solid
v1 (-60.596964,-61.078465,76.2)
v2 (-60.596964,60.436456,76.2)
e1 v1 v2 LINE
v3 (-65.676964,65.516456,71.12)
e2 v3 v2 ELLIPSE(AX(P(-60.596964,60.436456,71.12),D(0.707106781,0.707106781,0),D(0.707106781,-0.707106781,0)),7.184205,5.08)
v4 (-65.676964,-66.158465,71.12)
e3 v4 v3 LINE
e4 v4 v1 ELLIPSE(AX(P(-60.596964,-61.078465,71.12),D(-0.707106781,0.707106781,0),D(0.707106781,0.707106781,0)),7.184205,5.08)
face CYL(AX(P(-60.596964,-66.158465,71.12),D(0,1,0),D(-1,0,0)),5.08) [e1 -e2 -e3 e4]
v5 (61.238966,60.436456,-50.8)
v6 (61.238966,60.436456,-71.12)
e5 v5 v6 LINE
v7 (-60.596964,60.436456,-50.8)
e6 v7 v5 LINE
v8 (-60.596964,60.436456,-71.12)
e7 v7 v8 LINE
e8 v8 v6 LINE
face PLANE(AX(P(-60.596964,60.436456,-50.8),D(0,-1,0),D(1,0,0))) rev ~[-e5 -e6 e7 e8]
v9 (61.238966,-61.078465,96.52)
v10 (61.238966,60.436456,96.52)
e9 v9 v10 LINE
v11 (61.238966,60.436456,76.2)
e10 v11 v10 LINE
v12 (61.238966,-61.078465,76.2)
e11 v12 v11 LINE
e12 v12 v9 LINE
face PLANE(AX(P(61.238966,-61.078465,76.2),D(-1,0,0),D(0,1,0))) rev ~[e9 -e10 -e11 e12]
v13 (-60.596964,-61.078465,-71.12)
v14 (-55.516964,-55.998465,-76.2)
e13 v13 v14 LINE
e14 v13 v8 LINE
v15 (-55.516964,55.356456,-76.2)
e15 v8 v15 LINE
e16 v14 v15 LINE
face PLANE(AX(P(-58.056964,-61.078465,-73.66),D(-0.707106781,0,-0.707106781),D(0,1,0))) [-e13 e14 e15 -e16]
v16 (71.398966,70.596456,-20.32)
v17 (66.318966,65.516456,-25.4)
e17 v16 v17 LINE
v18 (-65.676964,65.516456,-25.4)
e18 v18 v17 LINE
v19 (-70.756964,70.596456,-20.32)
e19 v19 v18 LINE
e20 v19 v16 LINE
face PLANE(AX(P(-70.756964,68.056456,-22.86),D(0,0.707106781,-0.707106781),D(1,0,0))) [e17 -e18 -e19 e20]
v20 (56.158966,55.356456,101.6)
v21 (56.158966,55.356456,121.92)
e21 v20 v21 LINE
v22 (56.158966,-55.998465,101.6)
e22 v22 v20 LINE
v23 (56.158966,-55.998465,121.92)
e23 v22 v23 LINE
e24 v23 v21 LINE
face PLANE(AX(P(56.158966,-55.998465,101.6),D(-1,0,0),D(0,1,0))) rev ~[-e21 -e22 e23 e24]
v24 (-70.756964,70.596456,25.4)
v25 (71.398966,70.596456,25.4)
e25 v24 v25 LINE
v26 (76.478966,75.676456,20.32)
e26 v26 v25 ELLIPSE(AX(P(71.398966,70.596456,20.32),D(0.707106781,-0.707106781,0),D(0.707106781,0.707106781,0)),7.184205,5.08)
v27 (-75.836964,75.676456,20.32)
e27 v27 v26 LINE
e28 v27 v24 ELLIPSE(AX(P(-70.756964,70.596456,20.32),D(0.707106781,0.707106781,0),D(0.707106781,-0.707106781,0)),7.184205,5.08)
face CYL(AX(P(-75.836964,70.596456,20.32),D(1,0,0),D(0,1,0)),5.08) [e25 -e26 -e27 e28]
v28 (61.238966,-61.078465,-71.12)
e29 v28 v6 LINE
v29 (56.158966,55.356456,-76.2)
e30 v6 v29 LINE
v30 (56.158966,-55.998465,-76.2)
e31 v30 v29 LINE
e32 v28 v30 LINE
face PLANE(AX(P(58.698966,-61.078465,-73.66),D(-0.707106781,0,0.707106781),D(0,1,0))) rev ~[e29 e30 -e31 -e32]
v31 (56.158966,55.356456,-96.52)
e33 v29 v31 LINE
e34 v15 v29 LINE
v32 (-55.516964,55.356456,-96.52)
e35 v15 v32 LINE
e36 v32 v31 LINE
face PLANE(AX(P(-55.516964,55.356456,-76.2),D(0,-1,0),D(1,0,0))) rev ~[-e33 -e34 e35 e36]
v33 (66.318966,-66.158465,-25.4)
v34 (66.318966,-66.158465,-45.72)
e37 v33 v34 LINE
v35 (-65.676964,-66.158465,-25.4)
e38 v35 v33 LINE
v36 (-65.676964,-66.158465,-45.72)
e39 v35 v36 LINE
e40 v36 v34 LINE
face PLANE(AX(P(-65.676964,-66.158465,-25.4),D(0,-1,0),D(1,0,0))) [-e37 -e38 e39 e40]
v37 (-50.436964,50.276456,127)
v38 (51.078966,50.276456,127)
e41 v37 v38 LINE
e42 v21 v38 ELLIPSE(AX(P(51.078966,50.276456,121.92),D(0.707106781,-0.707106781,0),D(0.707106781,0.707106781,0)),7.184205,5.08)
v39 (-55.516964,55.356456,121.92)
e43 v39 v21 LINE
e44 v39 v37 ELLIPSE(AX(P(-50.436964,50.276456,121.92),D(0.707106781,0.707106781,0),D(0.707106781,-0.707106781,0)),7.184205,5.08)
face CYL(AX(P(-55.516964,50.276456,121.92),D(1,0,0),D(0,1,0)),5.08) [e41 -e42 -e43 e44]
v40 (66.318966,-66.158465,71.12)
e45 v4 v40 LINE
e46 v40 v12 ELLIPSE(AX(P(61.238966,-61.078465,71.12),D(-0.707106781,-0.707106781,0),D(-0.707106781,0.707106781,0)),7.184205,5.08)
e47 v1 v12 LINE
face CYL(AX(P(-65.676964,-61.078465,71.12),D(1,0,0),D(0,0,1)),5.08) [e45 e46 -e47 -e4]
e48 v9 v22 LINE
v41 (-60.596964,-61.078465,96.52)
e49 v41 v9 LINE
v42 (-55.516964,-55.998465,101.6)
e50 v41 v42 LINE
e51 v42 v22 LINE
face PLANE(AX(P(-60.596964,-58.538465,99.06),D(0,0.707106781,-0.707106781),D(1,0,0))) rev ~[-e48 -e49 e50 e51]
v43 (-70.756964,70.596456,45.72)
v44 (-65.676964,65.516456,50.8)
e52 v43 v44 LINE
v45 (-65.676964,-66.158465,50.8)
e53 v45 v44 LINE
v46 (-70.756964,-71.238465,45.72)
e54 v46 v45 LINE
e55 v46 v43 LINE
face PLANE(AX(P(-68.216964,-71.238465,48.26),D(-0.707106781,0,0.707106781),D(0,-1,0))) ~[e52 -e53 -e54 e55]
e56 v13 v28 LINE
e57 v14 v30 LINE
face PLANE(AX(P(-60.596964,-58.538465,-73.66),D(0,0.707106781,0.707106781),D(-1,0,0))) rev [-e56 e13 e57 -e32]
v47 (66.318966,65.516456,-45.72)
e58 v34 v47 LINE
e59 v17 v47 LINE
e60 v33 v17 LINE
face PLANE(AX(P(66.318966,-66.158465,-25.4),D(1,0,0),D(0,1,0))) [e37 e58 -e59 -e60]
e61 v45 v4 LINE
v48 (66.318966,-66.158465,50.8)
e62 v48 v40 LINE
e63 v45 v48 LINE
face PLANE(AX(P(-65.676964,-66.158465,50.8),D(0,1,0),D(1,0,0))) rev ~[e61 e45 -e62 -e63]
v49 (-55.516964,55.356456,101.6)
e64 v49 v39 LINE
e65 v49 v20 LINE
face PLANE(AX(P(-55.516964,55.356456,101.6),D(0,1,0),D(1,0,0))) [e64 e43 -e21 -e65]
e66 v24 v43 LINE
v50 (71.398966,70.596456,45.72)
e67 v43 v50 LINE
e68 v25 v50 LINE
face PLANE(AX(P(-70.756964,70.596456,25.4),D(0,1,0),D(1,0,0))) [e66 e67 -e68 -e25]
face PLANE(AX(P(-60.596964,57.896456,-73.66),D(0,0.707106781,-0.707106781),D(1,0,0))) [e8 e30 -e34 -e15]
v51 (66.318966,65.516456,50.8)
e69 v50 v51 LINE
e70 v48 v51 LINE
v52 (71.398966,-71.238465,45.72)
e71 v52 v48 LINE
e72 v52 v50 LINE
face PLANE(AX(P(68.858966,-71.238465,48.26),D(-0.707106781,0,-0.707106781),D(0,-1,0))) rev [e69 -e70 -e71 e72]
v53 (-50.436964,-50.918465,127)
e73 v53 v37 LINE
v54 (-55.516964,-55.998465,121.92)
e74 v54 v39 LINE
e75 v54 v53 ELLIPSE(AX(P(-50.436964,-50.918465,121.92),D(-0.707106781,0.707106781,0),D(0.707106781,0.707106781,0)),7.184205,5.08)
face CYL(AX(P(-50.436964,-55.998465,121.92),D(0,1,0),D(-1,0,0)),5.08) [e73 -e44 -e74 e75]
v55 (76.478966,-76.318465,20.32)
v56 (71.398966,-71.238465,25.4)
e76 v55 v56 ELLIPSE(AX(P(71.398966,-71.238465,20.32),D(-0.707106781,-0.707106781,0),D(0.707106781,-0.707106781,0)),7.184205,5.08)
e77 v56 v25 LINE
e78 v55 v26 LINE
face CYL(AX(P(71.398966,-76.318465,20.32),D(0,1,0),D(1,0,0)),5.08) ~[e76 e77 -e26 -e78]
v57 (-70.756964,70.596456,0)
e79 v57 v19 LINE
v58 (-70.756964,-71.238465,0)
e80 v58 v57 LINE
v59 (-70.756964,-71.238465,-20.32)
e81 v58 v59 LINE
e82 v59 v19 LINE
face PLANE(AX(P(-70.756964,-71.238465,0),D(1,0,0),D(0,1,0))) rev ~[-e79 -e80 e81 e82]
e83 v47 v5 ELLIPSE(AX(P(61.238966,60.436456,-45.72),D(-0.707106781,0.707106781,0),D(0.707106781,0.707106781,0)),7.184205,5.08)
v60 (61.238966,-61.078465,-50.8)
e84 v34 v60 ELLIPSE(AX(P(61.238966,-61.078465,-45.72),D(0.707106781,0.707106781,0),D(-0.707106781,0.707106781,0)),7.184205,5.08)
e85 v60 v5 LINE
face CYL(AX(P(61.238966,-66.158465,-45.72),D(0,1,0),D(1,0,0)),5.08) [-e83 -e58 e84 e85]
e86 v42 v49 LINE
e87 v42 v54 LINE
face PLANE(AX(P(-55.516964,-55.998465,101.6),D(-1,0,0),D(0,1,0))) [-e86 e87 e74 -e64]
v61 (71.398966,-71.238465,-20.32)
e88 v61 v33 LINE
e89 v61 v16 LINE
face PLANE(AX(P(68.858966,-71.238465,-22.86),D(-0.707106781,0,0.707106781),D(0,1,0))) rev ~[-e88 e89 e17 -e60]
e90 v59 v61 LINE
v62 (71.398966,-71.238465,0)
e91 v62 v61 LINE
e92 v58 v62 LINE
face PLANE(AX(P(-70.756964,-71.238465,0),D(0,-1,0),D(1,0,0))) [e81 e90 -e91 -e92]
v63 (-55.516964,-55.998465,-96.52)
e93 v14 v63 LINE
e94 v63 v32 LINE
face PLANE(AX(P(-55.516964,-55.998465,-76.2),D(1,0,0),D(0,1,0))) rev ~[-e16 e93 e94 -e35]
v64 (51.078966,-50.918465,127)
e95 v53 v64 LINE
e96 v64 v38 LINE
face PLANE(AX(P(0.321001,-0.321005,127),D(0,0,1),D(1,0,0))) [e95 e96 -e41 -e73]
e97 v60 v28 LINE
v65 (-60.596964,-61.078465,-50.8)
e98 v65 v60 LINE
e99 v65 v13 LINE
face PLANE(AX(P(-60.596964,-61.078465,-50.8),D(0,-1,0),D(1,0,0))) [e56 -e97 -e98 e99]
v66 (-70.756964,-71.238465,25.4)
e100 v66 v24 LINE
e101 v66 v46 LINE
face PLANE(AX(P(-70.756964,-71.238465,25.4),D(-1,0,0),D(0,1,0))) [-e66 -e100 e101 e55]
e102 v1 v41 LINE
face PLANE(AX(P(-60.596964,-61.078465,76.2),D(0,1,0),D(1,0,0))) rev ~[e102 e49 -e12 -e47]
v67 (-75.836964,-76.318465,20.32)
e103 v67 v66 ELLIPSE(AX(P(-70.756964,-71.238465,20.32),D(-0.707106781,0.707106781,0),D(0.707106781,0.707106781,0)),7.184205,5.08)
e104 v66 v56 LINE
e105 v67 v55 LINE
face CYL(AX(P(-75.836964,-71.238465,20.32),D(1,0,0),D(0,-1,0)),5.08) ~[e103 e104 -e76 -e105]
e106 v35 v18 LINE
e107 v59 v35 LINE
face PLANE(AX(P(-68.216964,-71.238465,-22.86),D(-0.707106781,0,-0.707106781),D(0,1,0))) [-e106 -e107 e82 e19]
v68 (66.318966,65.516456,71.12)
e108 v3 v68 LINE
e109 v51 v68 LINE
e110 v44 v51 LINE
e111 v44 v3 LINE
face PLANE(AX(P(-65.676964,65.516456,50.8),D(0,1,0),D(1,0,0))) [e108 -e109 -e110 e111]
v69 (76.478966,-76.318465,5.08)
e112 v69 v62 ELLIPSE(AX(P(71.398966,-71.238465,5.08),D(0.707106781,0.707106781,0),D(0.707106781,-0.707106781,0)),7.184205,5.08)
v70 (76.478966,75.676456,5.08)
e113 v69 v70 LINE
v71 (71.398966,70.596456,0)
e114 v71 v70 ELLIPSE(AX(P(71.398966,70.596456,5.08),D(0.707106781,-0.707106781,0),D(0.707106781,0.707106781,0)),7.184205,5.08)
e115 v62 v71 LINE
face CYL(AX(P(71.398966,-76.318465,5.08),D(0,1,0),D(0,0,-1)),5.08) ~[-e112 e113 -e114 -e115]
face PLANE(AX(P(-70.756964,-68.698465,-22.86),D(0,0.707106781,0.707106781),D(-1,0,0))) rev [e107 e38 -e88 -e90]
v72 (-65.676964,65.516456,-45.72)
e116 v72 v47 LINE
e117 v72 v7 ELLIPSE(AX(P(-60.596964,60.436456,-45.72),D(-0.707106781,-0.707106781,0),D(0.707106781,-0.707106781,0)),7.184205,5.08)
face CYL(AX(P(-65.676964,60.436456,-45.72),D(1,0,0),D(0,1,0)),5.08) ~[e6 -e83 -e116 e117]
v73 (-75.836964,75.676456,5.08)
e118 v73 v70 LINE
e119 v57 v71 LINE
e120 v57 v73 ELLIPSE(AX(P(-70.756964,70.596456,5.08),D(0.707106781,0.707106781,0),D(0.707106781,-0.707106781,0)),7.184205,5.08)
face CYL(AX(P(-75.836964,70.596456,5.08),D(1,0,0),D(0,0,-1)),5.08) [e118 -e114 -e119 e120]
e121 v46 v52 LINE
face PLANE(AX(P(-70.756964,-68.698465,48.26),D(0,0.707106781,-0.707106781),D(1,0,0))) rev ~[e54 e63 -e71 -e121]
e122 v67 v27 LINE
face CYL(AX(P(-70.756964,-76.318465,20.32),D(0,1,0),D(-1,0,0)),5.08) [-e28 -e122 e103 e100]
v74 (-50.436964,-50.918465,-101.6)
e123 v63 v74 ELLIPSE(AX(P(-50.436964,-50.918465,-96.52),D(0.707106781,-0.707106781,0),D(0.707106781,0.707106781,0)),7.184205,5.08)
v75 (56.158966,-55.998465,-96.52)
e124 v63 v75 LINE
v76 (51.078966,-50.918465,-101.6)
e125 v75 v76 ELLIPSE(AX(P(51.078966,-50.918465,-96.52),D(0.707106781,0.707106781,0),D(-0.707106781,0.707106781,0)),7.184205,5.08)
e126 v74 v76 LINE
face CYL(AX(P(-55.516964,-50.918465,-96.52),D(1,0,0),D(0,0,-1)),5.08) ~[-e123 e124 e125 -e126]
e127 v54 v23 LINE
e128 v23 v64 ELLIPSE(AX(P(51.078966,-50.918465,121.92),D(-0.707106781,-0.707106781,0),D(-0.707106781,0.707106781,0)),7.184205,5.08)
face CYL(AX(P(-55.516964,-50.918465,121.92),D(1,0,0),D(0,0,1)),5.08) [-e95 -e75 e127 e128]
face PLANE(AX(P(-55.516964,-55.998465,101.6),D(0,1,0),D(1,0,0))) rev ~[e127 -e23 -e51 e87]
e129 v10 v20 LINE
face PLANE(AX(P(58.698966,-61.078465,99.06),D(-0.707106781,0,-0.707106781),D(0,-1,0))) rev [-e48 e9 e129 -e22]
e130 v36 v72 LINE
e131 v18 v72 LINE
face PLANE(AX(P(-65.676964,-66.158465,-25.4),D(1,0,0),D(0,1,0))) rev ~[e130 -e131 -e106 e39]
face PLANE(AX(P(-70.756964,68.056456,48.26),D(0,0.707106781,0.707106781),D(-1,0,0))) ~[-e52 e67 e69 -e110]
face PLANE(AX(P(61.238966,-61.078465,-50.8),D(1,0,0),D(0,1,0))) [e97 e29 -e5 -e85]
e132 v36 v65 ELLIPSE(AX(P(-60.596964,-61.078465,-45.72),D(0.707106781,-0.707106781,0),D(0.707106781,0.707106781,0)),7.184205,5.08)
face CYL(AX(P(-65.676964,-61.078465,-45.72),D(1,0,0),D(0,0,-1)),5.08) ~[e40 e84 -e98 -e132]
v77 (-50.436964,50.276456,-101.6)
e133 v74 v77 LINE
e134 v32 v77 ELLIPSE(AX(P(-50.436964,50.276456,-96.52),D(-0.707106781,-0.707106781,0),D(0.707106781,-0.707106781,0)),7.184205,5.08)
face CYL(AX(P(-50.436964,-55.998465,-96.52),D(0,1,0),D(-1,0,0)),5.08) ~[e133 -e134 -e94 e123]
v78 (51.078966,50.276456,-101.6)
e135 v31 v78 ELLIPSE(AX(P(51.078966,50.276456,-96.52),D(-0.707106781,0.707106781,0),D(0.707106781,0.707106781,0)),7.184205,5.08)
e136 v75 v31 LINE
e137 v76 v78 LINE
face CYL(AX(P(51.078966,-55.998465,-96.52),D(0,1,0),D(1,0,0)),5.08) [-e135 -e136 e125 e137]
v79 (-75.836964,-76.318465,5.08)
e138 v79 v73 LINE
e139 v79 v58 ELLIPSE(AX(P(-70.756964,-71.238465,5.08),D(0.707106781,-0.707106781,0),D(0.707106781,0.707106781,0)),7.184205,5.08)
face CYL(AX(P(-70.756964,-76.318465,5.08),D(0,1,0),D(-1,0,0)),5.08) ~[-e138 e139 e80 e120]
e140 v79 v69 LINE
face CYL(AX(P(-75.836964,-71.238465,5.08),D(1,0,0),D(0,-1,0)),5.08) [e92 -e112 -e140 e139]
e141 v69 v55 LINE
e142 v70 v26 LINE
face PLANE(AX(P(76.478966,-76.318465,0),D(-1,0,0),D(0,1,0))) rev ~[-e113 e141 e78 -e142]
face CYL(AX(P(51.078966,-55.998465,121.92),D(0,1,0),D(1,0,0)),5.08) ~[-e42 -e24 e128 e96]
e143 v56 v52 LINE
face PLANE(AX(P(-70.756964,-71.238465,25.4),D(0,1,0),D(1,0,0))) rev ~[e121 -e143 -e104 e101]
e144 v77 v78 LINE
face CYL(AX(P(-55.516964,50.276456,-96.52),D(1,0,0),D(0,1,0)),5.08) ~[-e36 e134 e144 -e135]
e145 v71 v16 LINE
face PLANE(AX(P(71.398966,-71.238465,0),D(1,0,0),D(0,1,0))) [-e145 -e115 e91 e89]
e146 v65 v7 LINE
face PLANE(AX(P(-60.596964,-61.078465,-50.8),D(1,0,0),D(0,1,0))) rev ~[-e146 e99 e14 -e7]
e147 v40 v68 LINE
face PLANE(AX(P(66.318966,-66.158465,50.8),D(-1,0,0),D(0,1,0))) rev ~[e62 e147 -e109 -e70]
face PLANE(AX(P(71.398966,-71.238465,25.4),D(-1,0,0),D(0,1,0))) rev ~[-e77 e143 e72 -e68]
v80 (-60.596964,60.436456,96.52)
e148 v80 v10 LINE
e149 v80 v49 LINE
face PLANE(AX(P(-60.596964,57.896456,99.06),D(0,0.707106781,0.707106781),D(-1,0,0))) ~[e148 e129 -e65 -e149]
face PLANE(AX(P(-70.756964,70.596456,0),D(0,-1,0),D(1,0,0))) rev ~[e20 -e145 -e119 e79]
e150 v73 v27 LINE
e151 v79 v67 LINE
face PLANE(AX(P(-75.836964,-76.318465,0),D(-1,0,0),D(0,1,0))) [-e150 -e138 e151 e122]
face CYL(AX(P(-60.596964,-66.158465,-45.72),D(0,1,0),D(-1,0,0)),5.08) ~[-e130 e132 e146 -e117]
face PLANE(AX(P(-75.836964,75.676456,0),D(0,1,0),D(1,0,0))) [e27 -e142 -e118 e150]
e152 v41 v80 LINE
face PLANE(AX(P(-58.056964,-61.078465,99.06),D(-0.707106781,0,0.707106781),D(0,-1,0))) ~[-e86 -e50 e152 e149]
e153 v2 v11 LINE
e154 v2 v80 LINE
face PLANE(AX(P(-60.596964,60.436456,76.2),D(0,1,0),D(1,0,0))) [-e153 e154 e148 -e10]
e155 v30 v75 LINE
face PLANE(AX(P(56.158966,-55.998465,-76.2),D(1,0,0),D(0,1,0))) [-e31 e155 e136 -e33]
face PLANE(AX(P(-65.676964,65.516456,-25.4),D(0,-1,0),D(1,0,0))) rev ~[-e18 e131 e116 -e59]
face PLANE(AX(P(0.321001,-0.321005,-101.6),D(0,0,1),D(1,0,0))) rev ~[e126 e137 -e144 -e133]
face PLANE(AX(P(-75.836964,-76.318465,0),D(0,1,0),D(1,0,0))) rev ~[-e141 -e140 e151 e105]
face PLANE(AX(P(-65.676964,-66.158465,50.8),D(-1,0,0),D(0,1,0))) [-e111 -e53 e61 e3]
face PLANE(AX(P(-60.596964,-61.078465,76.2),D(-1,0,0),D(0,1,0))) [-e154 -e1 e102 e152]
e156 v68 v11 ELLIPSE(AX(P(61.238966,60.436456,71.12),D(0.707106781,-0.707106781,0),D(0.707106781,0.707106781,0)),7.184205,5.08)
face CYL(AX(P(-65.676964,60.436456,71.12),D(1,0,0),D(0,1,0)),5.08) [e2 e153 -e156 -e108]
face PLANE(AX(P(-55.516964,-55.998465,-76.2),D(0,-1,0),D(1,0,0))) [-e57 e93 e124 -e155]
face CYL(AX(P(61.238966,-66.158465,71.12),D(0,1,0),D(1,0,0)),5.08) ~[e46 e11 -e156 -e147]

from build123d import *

# Parameters (mm, degrees)
F0_W      = 152.3159295321
F0_H      = 151.994921267
F1_DEPTH  = 25.4
F2_R      = 5.08
F3_R      = 5.08
F4_DEPTH  = 25.4
F5_SIZE   = 5.08
F6_DEPTH  = 25.4
F7_SIZE   = 5.08
F8_DEPTH  = 25.4
F9_R      = 5.08
F10_DEPTH = 25.4
F11_R     = 5.08
F12_DEPTH = 25.4
F13_SIZE  = 5.08
F14_DEPTH = 25.4
F15_SIZE  = 5.08
F16_DEPTH = 25.4
F17_R     = 5.08
F18_DEPTH = 25.4
F19_R     = 5.08


with BuildPart() as f1:
    # F0 (on Top) → F1 (new body)
    with BuildSketch(Plane.XY):
        with Locations((0.3210008144, -0.3210045397)):
            Rectangle(F0_W, F0_H)
    extrude(amount=F1_DEPTH)

    # F2
    f2_edges = [f1.edges().sort_by_distance(p)[0] for p in [
        (0.321001, 75.676456, 25.4),
        (-75.836964, -0.321005, 25.4),
        (0.321001, -76.318465, 25.4),
        (76.478966, -0.321005, 25.4),
    ]]
    fillet(f2_edges, radius=F2_R)

    # F3
    f3_edges = [f1.edges().sort_by_distance(p)[0] for p in [
        (0.321001, 75.676456, 0),
        (-75.836964, -0.321005, 0),
        (0.321001, -76.318465, 0),
        (76.478966, -0.321005, 0),
    ]]
    fillet(f3_edges, radius=F3_R)

    # F4 (add): a face of the model
    f4_faces = [f1.faces().sort_by_distance(p)[0] for p in [
        (0.3210008144, -0.3210045397, 0),
    ]]
    extrude(f4_faces, amount=F4_DEPTH)

    # F5
    f5_edges = [f1.edges().sort_by_distance(p)[0] for p in [
        (0.321001, 70.596456, -25.4),
        (71.398966, -0.321005, -25.4),
        (-70.756964, -0.321005, -25.4),
        (0.321001, -71.238465, -25.4),
    ]]
    chamfer(f5_edges, length=F5_SIZE)

    # F6 (add): a face of the model
    f6_faces = [f1.faces().sort_by_distance(p)[0] for p in [
        (0.3210008144, -0.3210045397, 25.4),
    ]]
    extrude(f6_faces, amount=F6_DEPTH)

    # F7
    f7_edges = [f1.edges().sort_by_distance(p)[0] for p in [
        (0.321001, 70.596456, 50.8),
        (71.398966, -0.321005, 50.8),
        (-70.756964, -0.321005, 50.8),
        (0.321001, -71.238465, 50.8),
    ]]
    chamfer(f7_edges, length=F7_SIZE)

    # F8 (add): a face of the model
    f8_faces = [f1.faces().sort_by_distance(p)[0] for p in [
        (0.3210008144, -0.3210045397, 50.8),
    ]]
    extrude(f8_faces, amount=F8_DEPTH)

    # F9
    f9_edges = [f1.edges().sort_by_distance(p)[0] for p in [
        (0.321001, 65.516456, 76.2),
        (66.318966, -0.321005, 76.2),
        (-65.676964, -0.321005, 76.2),
        (0.321001, -66.158465, 76.2),
    ]]
    fillet(f9_edges, radius=F9_R)

    # F10 (add): a face of the model
    f10_faces = [f1.faces().sort_by_distance(p)[0] for p in [
        (0.3210008144, -0.3210045397, -25.4),
    ]]
    extrude(f10_faces, amount=F10_DEPTH)

    # F11
    f11_edges = [f1.edges().sort_by_distance(p)[0] for p in [
        (0.321001, 65.516456, -50.8),
        (66.318966, -0.321005, -50.8),
        (-65.676964, -0.321005, -50.8),
        (0.321001, -66.158465, -50.8),
    ]]
    fillet(f11_edges, radius=F11_R)

    # F12 (add): a face of the model
    f12_faces = [f1.faces().sort_by_distance(p)[0] for p in [
        (0.3210008144, -0.3210045397, -50.8),
    ]]
    extrude(f12_faces, amount=F12_DEPTH)

    # F13
    f13_edges = [f1.edges().sort_by_distance(p)[0] for p in [
        (0.321001, 60.436456, -76.2),
        (61.238966, -0.321005, -76.2),
        (-60.596964, -0.321005, -76.2),
        (0.321001, -61.078465, -76.2),
    ]]
    chamfer(f13_edges, length=F13_SIZE)

    # F14 (add): a face of the model
    f14_faces = [f1.faces().sort_by_distance(p)[0] for p in [
        (0.3210008144, -0.3210045397, 76.2),
    ]]
    extrude(f14_faces, amount=F14_DEPTH)

    # F15
    f15_edges = [f1.edges().sort_by_distance(p)[0] for p in [
        (0.321001, 60.436456, 101.6),
        (61.238966, -0.321005, 101.6),
        (-60.596964, -0.321005, 101.6),
        (0.321001, -61.078465, 101.6),
    ]]
    chamfer(f15_edges, length=F15_SIZE)

    # F16 (add): a face of the model
    f16_faces = [f1.faces().sort_by_distance(p)[0] for p in [
        (0.3210008144, -0.3210045397, 101.6),
    ]]
    extrude(f16_faces, amount=F16_DEPTH)

    # F17
    f17_edges = [f1.edges().sort_by_distance(p)[0] for p in [
        (0.321001, 55.356456, 127),
        (56.158966, -0.321005, 127),
        (-55.516964, -0.321005, 127),
        (0.321001, -55.998465, 127),
    ]]
    fillet(f17_edges, radius=F17_R)

    # F18 (add): a face of the model
    f18_faces = [f1.faces().sort_by_distance(p)[0] for p in [
        (0.3210008144, -0.3210045397, -76.2),
    ]]
    extrude(f18_faces, amount=F18_DEPTH)

    # F19
    f19_edges = [f1.edges().sort_by_distance(p)[0] for p in [
        (0.321001, 55.356456, -101.6),
        (56.158966, -0.321005, -101.6),
        (-55.516964, -0.321005, -101.6),
        (0.321001, -55.998465, -101.6),
    ]]
    fillet(f19_edges, radius=F19_R)


solid = f1.part
